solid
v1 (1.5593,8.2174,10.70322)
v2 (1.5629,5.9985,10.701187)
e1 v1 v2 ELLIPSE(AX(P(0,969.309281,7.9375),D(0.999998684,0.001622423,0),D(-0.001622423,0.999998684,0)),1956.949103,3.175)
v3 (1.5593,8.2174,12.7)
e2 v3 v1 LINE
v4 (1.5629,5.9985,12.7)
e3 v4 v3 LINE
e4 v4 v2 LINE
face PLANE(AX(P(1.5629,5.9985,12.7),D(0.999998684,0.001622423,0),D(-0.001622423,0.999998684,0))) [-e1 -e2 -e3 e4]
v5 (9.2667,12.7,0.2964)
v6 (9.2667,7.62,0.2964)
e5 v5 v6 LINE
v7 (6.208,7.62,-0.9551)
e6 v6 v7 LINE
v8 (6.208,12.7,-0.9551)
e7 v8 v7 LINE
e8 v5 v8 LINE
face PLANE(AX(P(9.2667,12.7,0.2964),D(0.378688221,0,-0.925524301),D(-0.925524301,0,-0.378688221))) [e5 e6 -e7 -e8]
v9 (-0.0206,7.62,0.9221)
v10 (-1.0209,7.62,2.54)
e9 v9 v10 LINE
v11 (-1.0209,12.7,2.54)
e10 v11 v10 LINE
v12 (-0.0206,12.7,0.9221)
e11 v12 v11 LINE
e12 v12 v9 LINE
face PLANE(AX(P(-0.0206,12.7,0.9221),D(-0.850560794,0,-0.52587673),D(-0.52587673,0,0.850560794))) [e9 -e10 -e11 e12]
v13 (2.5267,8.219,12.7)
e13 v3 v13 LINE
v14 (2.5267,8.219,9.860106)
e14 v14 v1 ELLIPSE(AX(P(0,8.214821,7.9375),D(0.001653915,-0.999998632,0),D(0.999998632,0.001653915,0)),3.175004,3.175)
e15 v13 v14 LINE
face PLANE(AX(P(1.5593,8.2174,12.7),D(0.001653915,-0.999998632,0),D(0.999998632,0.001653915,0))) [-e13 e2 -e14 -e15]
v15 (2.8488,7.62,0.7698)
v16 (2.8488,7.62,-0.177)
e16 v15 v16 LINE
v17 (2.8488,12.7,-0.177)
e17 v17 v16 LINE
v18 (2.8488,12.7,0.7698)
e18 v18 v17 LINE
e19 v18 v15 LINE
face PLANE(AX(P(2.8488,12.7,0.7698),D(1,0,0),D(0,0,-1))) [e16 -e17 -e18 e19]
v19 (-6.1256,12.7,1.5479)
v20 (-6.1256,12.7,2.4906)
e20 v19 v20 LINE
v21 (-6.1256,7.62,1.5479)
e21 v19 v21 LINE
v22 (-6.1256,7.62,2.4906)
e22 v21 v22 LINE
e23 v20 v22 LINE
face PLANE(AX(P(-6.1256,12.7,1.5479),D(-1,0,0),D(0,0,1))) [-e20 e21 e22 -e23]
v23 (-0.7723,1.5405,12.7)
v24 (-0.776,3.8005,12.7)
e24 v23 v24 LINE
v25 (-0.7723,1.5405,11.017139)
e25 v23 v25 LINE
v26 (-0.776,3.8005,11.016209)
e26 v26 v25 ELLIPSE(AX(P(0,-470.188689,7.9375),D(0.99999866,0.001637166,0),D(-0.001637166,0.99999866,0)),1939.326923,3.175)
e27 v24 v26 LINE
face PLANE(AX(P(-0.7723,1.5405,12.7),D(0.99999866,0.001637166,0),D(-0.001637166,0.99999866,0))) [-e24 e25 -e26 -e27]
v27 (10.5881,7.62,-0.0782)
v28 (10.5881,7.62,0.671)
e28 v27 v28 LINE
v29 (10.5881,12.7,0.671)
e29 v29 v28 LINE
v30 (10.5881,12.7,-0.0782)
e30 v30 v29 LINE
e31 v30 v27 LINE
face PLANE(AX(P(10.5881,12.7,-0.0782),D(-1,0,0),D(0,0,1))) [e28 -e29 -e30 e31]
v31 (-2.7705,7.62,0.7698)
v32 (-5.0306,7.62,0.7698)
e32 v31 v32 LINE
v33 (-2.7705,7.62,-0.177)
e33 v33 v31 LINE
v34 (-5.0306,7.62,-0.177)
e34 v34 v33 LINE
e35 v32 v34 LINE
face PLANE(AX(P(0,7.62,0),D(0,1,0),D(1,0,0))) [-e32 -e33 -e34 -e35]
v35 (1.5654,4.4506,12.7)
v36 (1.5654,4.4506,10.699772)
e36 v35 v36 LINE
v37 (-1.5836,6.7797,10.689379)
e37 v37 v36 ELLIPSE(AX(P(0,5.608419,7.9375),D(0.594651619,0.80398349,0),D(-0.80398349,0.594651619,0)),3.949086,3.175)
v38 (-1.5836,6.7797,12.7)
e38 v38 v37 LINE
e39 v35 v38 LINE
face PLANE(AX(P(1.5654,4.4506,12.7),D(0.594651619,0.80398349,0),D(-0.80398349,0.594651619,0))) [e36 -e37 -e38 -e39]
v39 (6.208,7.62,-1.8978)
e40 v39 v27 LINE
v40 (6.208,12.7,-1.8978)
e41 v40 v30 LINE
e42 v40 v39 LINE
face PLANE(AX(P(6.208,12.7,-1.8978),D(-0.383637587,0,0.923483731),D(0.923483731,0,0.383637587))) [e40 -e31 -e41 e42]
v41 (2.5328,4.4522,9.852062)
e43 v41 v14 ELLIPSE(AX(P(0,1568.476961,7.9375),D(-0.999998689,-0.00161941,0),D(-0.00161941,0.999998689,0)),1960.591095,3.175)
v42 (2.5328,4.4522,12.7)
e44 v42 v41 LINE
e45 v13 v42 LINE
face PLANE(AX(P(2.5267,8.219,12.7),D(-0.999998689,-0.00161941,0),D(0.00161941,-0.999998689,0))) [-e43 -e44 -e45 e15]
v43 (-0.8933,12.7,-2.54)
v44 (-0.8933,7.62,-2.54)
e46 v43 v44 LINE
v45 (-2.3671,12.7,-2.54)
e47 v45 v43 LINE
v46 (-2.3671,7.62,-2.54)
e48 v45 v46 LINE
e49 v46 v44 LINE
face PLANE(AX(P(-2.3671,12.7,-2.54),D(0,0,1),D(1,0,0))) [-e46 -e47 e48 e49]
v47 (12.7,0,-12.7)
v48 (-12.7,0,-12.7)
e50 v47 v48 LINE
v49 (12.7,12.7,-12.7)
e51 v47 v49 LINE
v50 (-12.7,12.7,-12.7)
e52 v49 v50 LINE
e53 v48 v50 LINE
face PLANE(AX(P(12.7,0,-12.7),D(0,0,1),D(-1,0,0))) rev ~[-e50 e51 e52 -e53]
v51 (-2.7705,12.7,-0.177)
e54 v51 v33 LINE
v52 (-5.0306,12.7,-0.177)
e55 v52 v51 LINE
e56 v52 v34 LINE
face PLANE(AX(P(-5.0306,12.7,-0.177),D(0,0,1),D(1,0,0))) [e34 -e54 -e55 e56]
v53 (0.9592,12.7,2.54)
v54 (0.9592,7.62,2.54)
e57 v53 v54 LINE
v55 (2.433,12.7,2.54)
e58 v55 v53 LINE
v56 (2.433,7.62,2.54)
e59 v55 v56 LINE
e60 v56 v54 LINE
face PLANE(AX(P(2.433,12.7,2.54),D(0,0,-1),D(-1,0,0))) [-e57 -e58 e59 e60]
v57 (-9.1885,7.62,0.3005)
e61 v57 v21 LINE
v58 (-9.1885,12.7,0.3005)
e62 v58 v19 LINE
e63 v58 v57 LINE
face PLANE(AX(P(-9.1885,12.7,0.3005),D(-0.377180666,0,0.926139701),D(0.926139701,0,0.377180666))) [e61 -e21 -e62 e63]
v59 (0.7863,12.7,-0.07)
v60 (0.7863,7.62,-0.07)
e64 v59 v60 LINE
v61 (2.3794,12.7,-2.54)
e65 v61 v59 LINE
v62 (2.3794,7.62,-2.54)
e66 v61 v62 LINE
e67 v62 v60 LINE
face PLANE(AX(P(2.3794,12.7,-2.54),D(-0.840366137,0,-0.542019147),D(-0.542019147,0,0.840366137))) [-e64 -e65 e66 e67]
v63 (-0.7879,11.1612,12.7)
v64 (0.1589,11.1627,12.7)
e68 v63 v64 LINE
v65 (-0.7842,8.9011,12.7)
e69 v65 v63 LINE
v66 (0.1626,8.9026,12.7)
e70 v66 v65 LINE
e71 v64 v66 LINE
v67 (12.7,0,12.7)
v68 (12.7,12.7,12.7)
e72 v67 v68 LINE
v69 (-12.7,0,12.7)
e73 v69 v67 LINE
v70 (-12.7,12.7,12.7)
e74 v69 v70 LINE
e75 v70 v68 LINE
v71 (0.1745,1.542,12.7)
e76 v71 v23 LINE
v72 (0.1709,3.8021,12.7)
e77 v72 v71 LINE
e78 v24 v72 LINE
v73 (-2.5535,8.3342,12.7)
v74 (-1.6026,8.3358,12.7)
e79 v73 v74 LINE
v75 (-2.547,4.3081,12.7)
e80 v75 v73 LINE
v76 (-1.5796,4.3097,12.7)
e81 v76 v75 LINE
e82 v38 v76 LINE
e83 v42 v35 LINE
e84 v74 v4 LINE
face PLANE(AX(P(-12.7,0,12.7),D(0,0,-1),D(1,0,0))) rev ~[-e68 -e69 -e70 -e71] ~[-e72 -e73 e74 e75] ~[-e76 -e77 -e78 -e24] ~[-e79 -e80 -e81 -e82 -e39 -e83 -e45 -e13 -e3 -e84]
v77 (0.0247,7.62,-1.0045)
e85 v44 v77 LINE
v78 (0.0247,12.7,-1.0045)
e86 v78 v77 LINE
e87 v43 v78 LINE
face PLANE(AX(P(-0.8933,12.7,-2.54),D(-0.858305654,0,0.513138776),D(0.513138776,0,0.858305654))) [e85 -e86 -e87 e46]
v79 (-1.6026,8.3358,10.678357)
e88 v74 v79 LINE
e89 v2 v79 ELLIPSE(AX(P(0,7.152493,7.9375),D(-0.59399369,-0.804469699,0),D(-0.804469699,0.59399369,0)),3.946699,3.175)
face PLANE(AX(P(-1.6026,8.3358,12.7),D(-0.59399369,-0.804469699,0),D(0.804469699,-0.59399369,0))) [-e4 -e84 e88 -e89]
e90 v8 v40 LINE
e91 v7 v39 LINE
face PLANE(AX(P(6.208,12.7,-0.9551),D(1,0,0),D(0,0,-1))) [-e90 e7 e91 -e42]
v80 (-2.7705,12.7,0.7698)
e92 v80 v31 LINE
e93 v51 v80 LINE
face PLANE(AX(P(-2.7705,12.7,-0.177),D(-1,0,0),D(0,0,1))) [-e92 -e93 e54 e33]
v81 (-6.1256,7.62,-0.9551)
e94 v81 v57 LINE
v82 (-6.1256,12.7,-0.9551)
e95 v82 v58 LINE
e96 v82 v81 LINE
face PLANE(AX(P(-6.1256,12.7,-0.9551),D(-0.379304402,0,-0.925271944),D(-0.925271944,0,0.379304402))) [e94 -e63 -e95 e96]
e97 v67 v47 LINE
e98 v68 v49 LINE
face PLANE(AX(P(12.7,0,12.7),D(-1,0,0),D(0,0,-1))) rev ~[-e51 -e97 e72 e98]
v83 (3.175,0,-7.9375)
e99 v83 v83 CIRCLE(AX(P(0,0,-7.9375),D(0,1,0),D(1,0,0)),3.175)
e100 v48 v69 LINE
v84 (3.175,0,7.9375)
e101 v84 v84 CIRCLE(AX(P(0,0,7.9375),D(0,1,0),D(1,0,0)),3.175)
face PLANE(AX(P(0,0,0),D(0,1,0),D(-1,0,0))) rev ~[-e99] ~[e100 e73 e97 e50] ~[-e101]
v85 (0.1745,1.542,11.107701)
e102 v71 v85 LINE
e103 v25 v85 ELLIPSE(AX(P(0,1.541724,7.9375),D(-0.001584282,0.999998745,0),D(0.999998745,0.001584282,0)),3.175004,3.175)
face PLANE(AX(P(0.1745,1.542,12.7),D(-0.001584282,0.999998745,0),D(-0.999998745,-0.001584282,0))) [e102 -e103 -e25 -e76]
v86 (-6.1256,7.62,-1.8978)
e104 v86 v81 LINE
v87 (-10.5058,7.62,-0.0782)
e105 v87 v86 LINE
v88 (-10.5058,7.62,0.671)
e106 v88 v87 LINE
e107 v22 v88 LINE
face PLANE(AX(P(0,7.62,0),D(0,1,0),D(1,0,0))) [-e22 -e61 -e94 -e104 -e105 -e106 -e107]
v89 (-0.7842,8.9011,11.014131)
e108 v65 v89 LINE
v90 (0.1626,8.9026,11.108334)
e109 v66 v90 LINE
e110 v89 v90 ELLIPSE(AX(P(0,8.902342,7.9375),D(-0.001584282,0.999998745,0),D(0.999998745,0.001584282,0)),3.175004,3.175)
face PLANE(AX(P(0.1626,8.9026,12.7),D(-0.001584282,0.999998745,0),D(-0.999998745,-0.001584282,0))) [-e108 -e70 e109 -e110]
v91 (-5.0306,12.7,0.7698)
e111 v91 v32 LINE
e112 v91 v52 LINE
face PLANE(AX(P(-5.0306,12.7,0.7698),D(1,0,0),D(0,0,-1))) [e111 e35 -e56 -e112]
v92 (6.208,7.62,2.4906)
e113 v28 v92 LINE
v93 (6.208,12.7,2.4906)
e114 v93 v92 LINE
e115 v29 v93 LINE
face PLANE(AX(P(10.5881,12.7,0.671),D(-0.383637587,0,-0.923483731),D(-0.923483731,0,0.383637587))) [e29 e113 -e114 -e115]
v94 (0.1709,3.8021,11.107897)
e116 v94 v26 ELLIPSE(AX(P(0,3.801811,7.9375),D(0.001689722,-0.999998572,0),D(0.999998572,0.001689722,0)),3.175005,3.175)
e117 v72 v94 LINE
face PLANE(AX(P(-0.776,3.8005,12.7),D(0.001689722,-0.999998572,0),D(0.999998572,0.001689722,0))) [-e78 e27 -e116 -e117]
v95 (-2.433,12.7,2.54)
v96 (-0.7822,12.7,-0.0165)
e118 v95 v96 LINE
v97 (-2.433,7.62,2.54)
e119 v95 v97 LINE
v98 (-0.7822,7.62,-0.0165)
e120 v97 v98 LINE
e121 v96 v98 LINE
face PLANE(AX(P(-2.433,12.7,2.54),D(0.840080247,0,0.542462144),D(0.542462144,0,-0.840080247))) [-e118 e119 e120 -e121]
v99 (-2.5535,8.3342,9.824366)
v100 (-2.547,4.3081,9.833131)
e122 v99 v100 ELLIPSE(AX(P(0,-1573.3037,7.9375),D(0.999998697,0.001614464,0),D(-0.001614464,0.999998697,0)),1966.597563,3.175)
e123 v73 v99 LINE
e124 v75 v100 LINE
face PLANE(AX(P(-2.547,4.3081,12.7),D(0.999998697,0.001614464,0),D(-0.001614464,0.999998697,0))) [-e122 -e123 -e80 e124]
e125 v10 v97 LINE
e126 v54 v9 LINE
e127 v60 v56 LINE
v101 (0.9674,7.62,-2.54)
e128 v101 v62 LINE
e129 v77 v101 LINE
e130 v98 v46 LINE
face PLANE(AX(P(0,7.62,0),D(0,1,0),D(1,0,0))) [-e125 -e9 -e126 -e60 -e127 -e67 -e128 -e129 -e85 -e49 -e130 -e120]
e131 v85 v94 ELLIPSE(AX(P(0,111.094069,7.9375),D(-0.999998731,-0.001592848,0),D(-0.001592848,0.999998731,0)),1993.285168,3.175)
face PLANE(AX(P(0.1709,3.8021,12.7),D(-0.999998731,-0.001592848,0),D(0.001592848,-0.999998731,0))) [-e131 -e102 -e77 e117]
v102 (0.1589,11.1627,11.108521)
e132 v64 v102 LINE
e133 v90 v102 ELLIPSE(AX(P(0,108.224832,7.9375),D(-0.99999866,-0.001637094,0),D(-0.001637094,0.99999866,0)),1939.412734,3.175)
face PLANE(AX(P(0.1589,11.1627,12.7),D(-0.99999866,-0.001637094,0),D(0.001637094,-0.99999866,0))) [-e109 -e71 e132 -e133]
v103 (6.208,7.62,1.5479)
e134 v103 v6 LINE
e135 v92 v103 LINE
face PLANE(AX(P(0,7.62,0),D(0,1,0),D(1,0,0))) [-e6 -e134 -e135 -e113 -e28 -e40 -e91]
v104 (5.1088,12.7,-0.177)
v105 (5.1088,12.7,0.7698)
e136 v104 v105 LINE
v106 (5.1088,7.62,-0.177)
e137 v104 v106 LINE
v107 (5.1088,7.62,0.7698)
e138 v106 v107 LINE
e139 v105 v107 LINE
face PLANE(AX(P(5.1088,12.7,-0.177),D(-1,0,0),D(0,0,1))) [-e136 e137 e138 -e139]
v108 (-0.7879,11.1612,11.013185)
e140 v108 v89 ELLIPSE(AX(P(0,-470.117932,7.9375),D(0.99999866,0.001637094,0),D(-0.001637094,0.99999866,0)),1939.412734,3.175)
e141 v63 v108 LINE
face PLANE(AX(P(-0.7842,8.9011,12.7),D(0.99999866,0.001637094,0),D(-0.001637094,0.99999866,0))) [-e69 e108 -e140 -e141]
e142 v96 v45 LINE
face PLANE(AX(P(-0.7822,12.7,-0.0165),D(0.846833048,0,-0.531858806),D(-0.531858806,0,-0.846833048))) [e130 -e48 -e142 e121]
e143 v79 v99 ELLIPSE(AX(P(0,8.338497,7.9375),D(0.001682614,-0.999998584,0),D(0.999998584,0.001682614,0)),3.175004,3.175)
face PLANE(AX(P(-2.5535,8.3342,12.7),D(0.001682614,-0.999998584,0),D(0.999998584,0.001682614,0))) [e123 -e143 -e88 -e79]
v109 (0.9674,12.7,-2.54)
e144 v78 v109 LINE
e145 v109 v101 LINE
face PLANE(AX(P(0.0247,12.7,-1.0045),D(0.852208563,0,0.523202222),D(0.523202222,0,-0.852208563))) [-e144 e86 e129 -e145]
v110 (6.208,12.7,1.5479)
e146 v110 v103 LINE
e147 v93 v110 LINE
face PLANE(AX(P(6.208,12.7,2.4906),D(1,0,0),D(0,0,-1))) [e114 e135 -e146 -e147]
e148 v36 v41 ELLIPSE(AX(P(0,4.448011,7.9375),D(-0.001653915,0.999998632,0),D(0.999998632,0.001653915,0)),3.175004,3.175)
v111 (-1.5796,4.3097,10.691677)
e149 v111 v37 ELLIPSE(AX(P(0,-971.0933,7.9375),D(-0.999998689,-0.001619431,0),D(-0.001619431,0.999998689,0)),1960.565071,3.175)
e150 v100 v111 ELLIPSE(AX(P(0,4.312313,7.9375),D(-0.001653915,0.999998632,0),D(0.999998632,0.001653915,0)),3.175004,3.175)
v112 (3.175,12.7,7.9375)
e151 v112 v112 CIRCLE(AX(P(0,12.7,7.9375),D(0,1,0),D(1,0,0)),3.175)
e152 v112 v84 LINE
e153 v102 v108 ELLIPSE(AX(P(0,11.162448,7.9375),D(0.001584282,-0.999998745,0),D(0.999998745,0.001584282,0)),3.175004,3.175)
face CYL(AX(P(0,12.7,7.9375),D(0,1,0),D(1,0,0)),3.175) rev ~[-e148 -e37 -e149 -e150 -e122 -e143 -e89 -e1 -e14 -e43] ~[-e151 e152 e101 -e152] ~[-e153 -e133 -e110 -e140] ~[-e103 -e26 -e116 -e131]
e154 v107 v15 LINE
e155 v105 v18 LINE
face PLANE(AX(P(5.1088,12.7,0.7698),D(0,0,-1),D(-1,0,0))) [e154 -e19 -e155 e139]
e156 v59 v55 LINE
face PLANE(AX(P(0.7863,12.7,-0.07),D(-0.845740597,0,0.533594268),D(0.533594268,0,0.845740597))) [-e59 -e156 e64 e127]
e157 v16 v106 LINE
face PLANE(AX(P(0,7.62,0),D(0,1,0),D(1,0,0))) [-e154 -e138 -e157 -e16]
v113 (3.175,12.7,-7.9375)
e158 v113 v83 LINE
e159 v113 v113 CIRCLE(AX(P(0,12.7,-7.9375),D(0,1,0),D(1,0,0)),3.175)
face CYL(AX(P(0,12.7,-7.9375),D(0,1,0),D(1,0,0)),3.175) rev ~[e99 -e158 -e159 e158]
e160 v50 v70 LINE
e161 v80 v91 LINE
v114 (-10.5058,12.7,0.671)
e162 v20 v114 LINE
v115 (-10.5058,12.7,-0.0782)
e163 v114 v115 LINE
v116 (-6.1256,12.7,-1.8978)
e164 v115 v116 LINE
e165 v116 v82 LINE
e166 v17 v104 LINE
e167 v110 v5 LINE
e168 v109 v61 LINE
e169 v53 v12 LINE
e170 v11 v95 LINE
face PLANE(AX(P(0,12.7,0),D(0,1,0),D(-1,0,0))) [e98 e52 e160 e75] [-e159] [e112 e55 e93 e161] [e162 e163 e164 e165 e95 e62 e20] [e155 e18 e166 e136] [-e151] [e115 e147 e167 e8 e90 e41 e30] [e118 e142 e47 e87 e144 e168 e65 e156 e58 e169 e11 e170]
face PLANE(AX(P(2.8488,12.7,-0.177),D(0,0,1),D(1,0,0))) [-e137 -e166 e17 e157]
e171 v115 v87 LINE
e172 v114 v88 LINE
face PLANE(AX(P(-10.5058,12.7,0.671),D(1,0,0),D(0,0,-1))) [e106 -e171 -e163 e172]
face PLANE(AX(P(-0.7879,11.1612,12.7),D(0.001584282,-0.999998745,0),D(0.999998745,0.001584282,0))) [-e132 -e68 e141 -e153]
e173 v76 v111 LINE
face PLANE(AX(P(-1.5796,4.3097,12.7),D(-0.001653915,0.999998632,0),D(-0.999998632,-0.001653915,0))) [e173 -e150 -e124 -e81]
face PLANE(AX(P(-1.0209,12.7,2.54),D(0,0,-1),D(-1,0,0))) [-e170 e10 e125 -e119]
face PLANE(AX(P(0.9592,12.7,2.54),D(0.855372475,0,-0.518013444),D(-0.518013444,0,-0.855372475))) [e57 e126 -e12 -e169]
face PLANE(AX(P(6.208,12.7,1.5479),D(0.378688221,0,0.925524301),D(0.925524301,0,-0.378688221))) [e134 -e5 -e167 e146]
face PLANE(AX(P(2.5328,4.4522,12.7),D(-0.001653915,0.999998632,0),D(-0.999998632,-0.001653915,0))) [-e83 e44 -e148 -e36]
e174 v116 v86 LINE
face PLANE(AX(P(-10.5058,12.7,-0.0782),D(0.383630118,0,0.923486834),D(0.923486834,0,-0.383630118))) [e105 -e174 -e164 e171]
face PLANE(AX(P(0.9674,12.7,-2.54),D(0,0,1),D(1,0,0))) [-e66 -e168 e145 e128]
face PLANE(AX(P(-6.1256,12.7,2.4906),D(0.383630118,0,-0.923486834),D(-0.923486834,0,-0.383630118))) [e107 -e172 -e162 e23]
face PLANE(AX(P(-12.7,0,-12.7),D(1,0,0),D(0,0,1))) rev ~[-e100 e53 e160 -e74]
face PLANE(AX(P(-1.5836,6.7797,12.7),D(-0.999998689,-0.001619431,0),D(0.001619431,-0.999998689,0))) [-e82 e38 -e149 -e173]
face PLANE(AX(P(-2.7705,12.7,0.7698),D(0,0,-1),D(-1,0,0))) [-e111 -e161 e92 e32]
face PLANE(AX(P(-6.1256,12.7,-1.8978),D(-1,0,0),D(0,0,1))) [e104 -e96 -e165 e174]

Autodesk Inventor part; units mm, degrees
ref_plane "YZ Plane" through (0, 0, 0) normal (1, 0, 0) x (0, 1, 0)
ref_plane "XZ Plane" through (0, 0, 0) normal (0, 1, 0) x (-1, 0, 0)
ref_plane "XY Plane" through (0, 0, 0) normal (0, 0, 1) x (1, 0, 0)
sketch "Sketch1" plane through (0, 0, 0) normal (0, 1, 0) x (-1, 0, 0)
  line L0 (12.7, 12.7) -> (-12.7, 12.7)
  line L1 (-12.7, 12.7) -> (-12.7, -12.7)
  line L2 (-12.7, -12.7) -> (12.7, -12.7)
  line L3 (12.7, -12.7) -> (12.7, 12.7)
  line L4 (12.7, 12.7) -> (-12.7, -12.7) construction
  line L5 (-12.7, 12.7) -> (12.7, -12.7) construction
  point P0 (0, 0)
  dimension "d0" = 25.4
  dimension "d1" = 25.4
extrude "Extrusion1" add sketch "Sketch1" along normal blind 12.7
sketch "Sketch2" plane through (0, 12.7, 0) normal (0, 1, 0) x (1, 0, 0)
  line L0 (-12.7, 12.7) -> (-12.7, -12.7) construction
  line L1 (-12.7, 0) -> (12.7, 0) construction
  line L2 (12.7, -12.7) -> (12.7, 12.7) construction
  line L3 (-6.1256, -2.4906) -> (-10.5058, -0.671)
  line L4 (-10.5058, -0.671) -> (-10.5058, 0.0782)
  line L5 (-10.5058, 0.0782) -> (-6.1256, 1.8978)
  line L6 (-6.1256, 1.8978) -> (-6.1256, 0.9551)
  line L7 (-6.1256, 0.9551) -> (-9.1885, -0.3005)
  line L8 (-9.1885, -0.3005) -> (-6.1256, -1.5479)
  line L9 (-6.1256, -1.5479) -> (-6.1256, -2.4906)
  line L10 (-2.7705, -0.7698) -> (-5.0306, -0.7698)
  line L11 (-5.0306, -0.7698) -> (-5.0306, 0.177)
  line L12 (-5.0306, 0.177) -> (-2.7705, 0.177)
  line L13 (-2.7705, 0.177) -> (-2.7705, -0.7698)
  line L14 (2.433, -2.54) -> (0.9592, -2.54)
  line L15 (0.9592, -2.54) -> (-0.0206, -0.9221)
  line L16 (-0.0206, -0.9221) -> (-1.0209, -2.54)
  line L17 (-1.0209, -2.54) -> (-2.433, -2.54)
  line L18 (-2.433, -2.54) -> (-0.7822, 0.0165)
  line L19 (-0.7822, 0.0165) -> (-2.3671, 2.54)
  line L20 (-2.3671, 2.54) -> (-0.8933, 2.54)
  line L21 (-0.8933, 2.54) -> (0.0247, 1.0045)
  line L22 (0.0247, 1.0045) -> (0.9674, 2.54)
  line L23 (0.9674, 2.54) -> (2.3794, 2.54)
  line L24 (2.3794, 2.54) -> (0.7863, 0.07)
  line L25 (0.7863, 0.07) -> (2.433, -2.54)
  line L26 (5.1088, -0.7698) -> (2.8488, -0.7698)
  line L27 (2.8488, -0.7698) -> (2.8488, 0.177)
  line L28 (2.8488, 0.177) -> (5.1088, 0.177)
  line L29 (5.1088, 0.177) -> (5.1088, -0.7698)
  line L30 (10.5881, -0.671) -> (6.208, -2.4906)
  line L31 (6.208, -2.4906) -> (6.208, -1.5479)
  line L32 (6.208, -1.5479) -> (9.2667, -0.2964)
  line L33 (9.2667, -0.2964) -> (6.208, 0.9551)
  line L34 (6.208, 0.9551) -> (6.208, 1.8978)
  line L35 (6.208, 1.8978) -> (10.5881, 0.0782)
  line L36 (10.5881, 0.0782) -> (10.5881, -0.671)
  point P0 (0, 0)
extrude "Extrusion2" cut sketch "Sketch2" against normal blind 5.08
sketch "Sketch3" plane through (-12.7, 0, 12.7) normal (0, 0, 1) x (1, 0, 0)
  line L0 (12.6794, 12.7) -> (11.6791, 12.7) construction
  line L1 (12.7, 0) -> (12.6794, 12.7) construction
  line L2 (11.9158, 8.9011) -> (11.9121, 11.1612)
  line L3 (11.9121, 11.1612) -> (12.8589, 11.1627)
  line L4 (12.8589, 11.1627) -> (12.8626, 8.9026)
  line L5 (12.8626, 8.9026) -> (11.9158, 8.9011)
  line L6 (10.153, 4.3081) -> (10.1465, 8.3342)
  line L7 (10.1465, 8.3342) -> (11.0974, 8.3358)
  line L8 (11.0974, 8.3358) -> (14.2629, 5.9985)
  line L9 (14.2629, 5.9985) -> (14.2593, 8.2174)
  line L10 (14.2593, 8.2174) -> (15.2267, 8.219)
  line L11 (15.2267, 8.219) -> (15.2328, 4.4522)
  line L12 (15.2328, 4.4522) -> (14.2654, 4.4506)
  line L13 (14.2654, 4.4506) -> (11.1164, 6.7797)
  line L14 (11.1164, 6.7797) -> (11.1204, 4.3097)
  line L15 (11.1204, 4.3097) -> (10.153, 4.3081)
  line L16 (11.9277, 1.5405) -> (11.924, 3.8005)
  line L17 (11.924, 3.8005) -> (12.8709, 3.8021)
  line L18 (12.8709, 3.8021) -> (12.8745, 1.542)
  line L19 (12.8745, 1.542) -> (11.9277, 1.5405)
extrude "Extrusion3" cut sketch "Sketch3" against normal blind 5.08
sketch "Sketch11" plane through (0, 12.7, 0) normal (0, 1, 0) x (1, 0, 0)
  circle A0 centre (0, 7.9375) radius 3.175
  circle A1 centre (0, -7.9375) radius 3.175
  line L0 (12.7, 12.7) -> (-12.7, 12.7) projected
  line L1 (-12.7, -12.7) -> (12.7, -12.7) projected
  point P0 (0, 0)
  dimension "d81" = 6.35
  dimension "d82" = 4.7625
  dimension "d83" = 4.7625
extrude "Extrusion4" cut sketch "Sketch11" against normal blind 25.4
equation "\"d46\" = 0.125 * Sketch7_Pitch"
equation "\"Sketch7_Pitch\" = 1.27"
equation "\"d48\" = 60deg"
equation "\"d67\" = 0.125 * Sketch9_Pitch"
equation "\"Sketch9_Pitch\" = 1.27"
equation "\"d69\" = 60deg"
equation "\"d99\" = 0.125 * Sketch12_Pitch"
equation "\"Sketch12_Pitch\" = 1.27"
equation "\"d101\" = 60deg"
equation "\"d120\" = 0.125 * Sketch14_Pitch"
equation "\"Sketch14_Pitch\" = 1.27"
equation "\"d122\" = 60deg"
equation "\"d143\" = 55deg"
equation "\"Sketch16_Pitch\" = 1.27"
equation "\"d161\" = 55deg"
equation "\"Sketch18_Pitch\" = 1.27"
properties part number "squareCalibrationBlock-1in"
